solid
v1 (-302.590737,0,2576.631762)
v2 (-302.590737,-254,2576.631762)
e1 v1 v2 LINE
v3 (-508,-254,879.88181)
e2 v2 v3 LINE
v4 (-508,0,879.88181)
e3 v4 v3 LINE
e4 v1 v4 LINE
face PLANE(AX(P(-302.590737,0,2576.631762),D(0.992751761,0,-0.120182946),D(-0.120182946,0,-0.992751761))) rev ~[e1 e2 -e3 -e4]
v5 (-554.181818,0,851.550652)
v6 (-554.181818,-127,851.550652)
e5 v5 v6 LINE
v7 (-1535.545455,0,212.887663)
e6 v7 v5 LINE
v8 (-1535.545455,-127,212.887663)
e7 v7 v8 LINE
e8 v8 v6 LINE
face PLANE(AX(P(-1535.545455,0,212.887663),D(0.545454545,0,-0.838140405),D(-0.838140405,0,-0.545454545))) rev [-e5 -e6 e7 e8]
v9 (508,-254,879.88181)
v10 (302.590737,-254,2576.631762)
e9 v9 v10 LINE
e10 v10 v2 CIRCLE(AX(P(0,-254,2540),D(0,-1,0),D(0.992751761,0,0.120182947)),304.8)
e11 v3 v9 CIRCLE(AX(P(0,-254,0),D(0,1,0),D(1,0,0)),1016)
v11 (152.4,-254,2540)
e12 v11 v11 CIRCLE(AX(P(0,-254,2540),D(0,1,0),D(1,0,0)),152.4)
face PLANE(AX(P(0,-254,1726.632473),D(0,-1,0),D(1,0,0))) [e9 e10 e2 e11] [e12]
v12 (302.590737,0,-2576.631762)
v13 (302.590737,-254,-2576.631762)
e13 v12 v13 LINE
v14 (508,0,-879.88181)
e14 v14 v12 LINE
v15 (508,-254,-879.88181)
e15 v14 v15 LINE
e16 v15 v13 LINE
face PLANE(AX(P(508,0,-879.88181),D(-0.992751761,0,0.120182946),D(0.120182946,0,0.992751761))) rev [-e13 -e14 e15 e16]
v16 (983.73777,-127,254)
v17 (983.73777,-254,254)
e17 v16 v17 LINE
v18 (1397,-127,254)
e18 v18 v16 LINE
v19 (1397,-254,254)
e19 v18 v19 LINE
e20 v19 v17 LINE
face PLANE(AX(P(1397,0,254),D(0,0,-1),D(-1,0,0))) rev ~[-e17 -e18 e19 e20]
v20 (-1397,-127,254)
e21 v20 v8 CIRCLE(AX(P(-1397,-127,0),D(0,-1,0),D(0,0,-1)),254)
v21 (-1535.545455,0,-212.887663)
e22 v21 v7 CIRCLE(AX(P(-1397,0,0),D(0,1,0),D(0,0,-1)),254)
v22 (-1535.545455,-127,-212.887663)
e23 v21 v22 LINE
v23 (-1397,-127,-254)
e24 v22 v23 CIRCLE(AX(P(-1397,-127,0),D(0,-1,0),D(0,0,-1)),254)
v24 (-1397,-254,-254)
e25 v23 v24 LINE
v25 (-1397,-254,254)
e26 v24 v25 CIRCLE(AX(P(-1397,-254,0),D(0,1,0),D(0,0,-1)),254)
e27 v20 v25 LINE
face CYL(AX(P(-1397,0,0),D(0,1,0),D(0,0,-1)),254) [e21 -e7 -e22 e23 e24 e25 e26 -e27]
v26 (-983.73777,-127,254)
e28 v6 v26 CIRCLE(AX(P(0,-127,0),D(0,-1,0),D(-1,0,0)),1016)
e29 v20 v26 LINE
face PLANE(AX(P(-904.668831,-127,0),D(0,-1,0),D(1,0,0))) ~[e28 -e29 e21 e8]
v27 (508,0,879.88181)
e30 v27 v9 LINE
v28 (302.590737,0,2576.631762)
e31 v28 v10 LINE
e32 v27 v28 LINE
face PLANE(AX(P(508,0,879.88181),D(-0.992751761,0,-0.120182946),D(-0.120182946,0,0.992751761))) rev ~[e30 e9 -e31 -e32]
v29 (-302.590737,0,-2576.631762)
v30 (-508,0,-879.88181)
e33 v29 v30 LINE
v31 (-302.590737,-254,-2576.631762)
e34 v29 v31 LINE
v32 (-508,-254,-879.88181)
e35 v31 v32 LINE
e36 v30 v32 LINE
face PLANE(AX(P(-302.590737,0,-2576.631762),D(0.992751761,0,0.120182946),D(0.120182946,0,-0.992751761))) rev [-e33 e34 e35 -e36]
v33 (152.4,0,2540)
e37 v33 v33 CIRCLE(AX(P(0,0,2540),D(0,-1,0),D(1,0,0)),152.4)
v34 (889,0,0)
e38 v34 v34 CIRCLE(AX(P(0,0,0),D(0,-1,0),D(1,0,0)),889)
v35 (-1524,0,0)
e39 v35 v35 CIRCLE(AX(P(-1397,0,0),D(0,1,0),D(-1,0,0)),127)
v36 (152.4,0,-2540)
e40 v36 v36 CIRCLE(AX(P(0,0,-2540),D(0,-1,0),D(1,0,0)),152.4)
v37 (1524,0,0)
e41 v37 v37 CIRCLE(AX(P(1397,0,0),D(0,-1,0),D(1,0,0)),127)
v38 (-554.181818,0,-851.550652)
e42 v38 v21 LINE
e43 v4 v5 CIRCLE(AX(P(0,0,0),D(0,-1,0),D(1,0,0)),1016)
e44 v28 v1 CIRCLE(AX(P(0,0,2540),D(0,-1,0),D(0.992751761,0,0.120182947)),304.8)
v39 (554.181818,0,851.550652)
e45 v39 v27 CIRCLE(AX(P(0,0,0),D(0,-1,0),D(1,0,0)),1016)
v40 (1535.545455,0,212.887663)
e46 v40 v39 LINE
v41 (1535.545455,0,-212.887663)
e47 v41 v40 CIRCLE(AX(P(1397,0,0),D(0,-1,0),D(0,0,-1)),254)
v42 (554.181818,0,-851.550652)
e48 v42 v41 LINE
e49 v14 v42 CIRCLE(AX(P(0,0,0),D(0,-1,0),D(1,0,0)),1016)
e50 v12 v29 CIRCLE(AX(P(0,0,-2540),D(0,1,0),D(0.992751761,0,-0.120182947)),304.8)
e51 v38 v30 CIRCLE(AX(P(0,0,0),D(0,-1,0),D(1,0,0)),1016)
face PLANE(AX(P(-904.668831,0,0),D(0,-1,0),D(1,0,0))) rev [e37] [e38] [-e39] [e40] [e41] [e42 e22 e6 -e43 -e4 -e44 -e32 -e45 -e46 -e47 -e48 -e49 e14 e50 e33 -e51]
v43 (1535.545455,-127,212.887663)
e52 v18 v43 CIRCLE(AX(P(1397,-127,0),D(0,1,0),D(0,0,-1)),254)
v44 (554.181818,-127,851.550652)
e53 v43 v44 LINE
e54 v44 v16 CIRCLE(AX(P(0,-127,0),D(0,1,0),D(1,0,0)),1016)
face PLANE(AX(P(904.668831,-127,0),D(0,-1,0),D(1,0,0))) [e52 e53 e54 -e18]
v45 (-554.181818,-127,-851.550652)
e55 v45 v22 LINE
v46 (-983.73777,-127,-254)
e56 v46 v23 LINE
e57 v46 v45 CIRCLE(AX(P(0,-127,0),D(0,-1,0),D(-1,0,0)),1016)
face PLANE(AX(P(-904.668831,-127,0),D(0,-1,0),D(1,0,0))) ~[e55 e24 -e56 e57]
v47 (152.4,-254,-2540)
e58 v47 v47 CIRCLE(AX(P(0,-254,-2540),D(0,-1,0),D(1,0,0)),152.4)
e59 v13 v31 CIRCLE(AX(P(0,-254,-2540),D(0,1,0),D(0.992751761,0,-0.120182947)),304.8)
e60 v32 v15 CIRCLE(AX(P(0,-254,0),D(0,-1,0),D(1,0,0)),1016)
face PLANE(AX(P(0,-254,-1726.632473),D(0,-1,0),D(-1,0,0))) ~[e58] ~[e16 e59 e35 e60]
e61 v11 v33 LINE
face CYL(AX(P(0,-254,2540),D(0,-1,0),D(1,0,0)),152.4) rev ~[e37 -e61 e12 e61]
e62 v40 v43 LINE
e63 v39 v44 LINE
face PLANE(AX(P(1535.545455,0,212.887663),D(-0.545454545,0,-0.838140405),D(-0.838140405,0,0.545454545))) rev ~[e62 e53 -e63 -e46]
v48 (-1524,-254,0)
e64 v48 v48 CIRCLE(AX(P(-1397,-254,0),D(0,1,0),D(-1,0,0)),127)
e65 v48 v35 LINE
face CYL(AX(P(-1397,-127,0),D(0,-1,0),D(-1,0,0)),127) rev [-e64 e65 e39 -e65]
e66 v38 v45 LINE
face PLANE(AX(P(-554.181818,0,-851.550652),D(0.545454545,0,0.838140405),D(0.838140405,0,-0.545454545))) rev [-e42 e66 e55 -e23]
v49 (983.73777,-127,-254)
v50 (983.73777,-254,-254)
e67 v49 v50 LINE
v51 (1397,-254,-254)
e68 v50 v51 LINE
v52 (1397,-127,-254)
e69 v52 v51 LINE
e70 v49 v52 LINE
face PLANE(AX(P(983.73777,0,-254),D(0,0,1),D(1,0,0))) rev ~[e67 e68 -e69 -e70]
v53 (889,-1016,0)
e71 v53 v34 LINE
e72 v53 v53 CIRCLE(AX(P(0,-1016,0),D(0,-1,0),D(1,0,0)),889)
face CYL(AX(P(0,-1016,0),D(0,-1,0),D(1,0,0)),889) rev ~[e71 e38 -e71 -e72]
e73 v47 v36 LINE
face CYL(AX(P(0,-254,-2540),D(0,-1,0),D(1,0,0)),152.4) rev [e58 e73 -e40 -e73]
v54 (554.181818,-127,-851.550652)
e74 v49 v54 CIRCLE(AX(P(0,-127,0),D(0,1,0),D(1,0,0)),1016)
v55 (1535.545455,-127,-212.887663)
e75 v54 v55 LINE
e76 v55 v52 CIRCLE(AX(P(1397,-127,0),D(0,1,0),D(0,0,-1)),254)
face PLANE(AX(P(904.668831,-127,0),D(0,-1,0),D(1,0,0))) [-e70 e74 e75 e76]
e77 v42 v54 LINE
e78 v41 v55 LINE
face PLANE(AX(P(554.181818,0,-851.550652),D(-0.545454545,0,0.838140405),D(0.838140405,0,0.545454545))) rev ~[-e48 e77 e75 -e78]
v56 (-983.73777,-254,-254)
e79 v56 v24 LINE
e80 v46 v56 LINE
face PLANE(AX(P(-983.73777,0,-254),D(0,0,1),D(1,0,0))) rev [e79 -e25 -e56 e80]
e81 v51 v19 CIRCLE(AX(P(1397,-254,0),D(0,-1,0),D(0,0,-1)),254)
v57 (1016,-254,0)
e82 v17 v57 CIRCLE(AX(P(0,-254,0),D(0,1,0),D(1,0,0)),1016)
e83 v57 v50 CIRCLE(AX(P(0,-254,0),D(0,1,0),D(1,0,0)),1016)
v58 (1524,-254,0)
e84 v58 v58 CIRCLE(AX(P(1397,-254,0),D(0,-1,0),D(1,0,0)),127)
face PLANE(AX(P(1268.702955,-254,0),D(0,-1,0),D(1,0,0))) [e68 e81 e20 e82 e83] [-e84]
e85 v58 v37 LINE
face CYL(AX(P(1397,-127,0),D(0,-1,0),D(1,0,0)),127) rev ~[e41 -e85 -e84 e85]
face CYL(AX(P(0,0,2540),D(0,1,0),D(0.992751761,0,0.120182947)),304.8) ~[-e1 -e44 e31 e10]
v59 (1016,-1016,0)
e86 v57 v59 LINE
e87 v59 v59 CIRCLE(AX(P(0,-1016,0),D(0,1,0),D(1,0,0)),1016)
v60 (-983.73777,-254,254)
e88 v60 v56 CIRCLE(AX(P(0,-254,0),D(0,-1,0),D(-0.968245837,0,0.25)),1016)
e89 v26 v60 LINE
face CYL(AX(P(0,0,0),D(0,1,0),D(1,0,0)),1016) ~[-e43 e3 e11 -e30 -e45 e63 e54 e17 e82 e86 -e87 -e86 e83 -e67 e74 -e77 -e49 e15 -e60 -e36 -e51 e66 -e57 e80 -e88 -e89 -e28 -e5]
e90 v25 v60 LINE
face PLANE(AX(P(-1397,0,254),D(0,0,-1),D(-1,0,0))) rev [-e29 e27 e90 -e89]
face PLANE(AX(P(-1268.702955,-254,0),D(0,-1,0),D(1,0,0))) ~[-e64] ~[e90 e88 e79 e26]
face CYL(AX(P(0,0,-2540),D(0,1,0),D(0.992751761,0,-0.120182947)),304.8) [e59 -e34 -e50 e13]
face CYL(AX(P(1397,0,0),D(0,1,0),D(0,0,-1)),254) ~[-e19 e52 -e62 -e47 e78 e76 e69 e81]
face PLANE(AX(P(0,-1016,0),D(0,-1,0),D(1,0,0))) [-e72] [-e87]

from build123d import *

# Parameters (mm, degrees)
F0_R      = 1016
F1_DEPTH  = 1016
F3_DEPTH  = 254
F4_R      = 152.4
F5_DEPTH  = 254.001
F7_R      = 127
F8_DEPTH  = 254
F10_DEPTH = 127
F11_R     = 127
F12_DEPTH = 127.001
F14_R     = 889
F15_DEPTH = 1016.001


with BuildPart() as f1:
    # F0 (on Front) → F1 (new body)
    with BuildSketch(Plane.XZ):
        Circle(F0_R)
    extrude(amount=F1_DEPTH)

    # F2 (on Front) → F3 (join)
    with BuildSketch(Plane.XZ):
        with BuildLine():
            Line((508, 879.88181), (302.590737, 2576.631762))
            ThreePointArc((302.590737, 2576.631762), (0, 2844.8), (-302.590737, 2576.631762))
            Line((-302.590737, 2576.631762), (-508, 879.88181))
            Line((-508, 879.88181), (508, 879.88181))
        make_face()
    extrude(amount=F3_DEPTH)

    # F4 (on face) → F5 (cut, through all)
    with BuildSketch(Plane.XZ.offset(254)):
        with Locations((0, 2540)):
            Circle(F4_R)
    extrude(amount=-F5_DEPTH, mode=Mode.SUBTRACT)

    # F6: F1 across plane


with BuildPart() as f1_1:
    add(f1.part)
    add(f1.part.mirror(Plane.XY))

    # F7 (on Front) → F8 (join)
    with BuildSketch(Plane.XZ):
        with BuildLine():
            Line((983.73777, -254), (1397, -254))
            ThreePointArc((1397, -254), (1651, 0), (1397, 254))
            Line((1397, 254), (983.73777, 254))
            Line((983.73777, 254), (983.73777, -254))
        make_face()
        with Locations((1397, 0)):
            Circle(F7_R, mode=Mode.SUBTRACT)
    extrude(amount=F8_DEPTH)

    # F9 (on Front) → F10 (join)
    with BuildSketch(Plane.XZ):
        Polygon((1535.545455, 212.887663), (554.181818, 851.550652), (554.181818, -851.550652), (1535.545455, -212.887663), align=None)
    extrude(amount=F10_DEPTH)

    # F11 (on face) → F12 (cut, through all)
    with BuildSketch(Plane.XZ.offset(127)):
        with Locations((1397, 0)):
            Circle(F11_R)
    extrude(amount=-F12_DEPTH, mode=Mode.SUBTRACT)

    # F13: F1 across plane


with BuildPart() as f1_2:
    add(f1_1.part)
    add(f1_1.part.mirror(Plane.YZ))

    # F14 (on face) → F15 (cut, through all)
    with BuildSketch(Plane.XZ.offset(1016)):
        Circle(F14_R)
    extrude(amount=-F15_DEPTH, mode=Mode.SUBTRACT)


solid = f1_2.part
